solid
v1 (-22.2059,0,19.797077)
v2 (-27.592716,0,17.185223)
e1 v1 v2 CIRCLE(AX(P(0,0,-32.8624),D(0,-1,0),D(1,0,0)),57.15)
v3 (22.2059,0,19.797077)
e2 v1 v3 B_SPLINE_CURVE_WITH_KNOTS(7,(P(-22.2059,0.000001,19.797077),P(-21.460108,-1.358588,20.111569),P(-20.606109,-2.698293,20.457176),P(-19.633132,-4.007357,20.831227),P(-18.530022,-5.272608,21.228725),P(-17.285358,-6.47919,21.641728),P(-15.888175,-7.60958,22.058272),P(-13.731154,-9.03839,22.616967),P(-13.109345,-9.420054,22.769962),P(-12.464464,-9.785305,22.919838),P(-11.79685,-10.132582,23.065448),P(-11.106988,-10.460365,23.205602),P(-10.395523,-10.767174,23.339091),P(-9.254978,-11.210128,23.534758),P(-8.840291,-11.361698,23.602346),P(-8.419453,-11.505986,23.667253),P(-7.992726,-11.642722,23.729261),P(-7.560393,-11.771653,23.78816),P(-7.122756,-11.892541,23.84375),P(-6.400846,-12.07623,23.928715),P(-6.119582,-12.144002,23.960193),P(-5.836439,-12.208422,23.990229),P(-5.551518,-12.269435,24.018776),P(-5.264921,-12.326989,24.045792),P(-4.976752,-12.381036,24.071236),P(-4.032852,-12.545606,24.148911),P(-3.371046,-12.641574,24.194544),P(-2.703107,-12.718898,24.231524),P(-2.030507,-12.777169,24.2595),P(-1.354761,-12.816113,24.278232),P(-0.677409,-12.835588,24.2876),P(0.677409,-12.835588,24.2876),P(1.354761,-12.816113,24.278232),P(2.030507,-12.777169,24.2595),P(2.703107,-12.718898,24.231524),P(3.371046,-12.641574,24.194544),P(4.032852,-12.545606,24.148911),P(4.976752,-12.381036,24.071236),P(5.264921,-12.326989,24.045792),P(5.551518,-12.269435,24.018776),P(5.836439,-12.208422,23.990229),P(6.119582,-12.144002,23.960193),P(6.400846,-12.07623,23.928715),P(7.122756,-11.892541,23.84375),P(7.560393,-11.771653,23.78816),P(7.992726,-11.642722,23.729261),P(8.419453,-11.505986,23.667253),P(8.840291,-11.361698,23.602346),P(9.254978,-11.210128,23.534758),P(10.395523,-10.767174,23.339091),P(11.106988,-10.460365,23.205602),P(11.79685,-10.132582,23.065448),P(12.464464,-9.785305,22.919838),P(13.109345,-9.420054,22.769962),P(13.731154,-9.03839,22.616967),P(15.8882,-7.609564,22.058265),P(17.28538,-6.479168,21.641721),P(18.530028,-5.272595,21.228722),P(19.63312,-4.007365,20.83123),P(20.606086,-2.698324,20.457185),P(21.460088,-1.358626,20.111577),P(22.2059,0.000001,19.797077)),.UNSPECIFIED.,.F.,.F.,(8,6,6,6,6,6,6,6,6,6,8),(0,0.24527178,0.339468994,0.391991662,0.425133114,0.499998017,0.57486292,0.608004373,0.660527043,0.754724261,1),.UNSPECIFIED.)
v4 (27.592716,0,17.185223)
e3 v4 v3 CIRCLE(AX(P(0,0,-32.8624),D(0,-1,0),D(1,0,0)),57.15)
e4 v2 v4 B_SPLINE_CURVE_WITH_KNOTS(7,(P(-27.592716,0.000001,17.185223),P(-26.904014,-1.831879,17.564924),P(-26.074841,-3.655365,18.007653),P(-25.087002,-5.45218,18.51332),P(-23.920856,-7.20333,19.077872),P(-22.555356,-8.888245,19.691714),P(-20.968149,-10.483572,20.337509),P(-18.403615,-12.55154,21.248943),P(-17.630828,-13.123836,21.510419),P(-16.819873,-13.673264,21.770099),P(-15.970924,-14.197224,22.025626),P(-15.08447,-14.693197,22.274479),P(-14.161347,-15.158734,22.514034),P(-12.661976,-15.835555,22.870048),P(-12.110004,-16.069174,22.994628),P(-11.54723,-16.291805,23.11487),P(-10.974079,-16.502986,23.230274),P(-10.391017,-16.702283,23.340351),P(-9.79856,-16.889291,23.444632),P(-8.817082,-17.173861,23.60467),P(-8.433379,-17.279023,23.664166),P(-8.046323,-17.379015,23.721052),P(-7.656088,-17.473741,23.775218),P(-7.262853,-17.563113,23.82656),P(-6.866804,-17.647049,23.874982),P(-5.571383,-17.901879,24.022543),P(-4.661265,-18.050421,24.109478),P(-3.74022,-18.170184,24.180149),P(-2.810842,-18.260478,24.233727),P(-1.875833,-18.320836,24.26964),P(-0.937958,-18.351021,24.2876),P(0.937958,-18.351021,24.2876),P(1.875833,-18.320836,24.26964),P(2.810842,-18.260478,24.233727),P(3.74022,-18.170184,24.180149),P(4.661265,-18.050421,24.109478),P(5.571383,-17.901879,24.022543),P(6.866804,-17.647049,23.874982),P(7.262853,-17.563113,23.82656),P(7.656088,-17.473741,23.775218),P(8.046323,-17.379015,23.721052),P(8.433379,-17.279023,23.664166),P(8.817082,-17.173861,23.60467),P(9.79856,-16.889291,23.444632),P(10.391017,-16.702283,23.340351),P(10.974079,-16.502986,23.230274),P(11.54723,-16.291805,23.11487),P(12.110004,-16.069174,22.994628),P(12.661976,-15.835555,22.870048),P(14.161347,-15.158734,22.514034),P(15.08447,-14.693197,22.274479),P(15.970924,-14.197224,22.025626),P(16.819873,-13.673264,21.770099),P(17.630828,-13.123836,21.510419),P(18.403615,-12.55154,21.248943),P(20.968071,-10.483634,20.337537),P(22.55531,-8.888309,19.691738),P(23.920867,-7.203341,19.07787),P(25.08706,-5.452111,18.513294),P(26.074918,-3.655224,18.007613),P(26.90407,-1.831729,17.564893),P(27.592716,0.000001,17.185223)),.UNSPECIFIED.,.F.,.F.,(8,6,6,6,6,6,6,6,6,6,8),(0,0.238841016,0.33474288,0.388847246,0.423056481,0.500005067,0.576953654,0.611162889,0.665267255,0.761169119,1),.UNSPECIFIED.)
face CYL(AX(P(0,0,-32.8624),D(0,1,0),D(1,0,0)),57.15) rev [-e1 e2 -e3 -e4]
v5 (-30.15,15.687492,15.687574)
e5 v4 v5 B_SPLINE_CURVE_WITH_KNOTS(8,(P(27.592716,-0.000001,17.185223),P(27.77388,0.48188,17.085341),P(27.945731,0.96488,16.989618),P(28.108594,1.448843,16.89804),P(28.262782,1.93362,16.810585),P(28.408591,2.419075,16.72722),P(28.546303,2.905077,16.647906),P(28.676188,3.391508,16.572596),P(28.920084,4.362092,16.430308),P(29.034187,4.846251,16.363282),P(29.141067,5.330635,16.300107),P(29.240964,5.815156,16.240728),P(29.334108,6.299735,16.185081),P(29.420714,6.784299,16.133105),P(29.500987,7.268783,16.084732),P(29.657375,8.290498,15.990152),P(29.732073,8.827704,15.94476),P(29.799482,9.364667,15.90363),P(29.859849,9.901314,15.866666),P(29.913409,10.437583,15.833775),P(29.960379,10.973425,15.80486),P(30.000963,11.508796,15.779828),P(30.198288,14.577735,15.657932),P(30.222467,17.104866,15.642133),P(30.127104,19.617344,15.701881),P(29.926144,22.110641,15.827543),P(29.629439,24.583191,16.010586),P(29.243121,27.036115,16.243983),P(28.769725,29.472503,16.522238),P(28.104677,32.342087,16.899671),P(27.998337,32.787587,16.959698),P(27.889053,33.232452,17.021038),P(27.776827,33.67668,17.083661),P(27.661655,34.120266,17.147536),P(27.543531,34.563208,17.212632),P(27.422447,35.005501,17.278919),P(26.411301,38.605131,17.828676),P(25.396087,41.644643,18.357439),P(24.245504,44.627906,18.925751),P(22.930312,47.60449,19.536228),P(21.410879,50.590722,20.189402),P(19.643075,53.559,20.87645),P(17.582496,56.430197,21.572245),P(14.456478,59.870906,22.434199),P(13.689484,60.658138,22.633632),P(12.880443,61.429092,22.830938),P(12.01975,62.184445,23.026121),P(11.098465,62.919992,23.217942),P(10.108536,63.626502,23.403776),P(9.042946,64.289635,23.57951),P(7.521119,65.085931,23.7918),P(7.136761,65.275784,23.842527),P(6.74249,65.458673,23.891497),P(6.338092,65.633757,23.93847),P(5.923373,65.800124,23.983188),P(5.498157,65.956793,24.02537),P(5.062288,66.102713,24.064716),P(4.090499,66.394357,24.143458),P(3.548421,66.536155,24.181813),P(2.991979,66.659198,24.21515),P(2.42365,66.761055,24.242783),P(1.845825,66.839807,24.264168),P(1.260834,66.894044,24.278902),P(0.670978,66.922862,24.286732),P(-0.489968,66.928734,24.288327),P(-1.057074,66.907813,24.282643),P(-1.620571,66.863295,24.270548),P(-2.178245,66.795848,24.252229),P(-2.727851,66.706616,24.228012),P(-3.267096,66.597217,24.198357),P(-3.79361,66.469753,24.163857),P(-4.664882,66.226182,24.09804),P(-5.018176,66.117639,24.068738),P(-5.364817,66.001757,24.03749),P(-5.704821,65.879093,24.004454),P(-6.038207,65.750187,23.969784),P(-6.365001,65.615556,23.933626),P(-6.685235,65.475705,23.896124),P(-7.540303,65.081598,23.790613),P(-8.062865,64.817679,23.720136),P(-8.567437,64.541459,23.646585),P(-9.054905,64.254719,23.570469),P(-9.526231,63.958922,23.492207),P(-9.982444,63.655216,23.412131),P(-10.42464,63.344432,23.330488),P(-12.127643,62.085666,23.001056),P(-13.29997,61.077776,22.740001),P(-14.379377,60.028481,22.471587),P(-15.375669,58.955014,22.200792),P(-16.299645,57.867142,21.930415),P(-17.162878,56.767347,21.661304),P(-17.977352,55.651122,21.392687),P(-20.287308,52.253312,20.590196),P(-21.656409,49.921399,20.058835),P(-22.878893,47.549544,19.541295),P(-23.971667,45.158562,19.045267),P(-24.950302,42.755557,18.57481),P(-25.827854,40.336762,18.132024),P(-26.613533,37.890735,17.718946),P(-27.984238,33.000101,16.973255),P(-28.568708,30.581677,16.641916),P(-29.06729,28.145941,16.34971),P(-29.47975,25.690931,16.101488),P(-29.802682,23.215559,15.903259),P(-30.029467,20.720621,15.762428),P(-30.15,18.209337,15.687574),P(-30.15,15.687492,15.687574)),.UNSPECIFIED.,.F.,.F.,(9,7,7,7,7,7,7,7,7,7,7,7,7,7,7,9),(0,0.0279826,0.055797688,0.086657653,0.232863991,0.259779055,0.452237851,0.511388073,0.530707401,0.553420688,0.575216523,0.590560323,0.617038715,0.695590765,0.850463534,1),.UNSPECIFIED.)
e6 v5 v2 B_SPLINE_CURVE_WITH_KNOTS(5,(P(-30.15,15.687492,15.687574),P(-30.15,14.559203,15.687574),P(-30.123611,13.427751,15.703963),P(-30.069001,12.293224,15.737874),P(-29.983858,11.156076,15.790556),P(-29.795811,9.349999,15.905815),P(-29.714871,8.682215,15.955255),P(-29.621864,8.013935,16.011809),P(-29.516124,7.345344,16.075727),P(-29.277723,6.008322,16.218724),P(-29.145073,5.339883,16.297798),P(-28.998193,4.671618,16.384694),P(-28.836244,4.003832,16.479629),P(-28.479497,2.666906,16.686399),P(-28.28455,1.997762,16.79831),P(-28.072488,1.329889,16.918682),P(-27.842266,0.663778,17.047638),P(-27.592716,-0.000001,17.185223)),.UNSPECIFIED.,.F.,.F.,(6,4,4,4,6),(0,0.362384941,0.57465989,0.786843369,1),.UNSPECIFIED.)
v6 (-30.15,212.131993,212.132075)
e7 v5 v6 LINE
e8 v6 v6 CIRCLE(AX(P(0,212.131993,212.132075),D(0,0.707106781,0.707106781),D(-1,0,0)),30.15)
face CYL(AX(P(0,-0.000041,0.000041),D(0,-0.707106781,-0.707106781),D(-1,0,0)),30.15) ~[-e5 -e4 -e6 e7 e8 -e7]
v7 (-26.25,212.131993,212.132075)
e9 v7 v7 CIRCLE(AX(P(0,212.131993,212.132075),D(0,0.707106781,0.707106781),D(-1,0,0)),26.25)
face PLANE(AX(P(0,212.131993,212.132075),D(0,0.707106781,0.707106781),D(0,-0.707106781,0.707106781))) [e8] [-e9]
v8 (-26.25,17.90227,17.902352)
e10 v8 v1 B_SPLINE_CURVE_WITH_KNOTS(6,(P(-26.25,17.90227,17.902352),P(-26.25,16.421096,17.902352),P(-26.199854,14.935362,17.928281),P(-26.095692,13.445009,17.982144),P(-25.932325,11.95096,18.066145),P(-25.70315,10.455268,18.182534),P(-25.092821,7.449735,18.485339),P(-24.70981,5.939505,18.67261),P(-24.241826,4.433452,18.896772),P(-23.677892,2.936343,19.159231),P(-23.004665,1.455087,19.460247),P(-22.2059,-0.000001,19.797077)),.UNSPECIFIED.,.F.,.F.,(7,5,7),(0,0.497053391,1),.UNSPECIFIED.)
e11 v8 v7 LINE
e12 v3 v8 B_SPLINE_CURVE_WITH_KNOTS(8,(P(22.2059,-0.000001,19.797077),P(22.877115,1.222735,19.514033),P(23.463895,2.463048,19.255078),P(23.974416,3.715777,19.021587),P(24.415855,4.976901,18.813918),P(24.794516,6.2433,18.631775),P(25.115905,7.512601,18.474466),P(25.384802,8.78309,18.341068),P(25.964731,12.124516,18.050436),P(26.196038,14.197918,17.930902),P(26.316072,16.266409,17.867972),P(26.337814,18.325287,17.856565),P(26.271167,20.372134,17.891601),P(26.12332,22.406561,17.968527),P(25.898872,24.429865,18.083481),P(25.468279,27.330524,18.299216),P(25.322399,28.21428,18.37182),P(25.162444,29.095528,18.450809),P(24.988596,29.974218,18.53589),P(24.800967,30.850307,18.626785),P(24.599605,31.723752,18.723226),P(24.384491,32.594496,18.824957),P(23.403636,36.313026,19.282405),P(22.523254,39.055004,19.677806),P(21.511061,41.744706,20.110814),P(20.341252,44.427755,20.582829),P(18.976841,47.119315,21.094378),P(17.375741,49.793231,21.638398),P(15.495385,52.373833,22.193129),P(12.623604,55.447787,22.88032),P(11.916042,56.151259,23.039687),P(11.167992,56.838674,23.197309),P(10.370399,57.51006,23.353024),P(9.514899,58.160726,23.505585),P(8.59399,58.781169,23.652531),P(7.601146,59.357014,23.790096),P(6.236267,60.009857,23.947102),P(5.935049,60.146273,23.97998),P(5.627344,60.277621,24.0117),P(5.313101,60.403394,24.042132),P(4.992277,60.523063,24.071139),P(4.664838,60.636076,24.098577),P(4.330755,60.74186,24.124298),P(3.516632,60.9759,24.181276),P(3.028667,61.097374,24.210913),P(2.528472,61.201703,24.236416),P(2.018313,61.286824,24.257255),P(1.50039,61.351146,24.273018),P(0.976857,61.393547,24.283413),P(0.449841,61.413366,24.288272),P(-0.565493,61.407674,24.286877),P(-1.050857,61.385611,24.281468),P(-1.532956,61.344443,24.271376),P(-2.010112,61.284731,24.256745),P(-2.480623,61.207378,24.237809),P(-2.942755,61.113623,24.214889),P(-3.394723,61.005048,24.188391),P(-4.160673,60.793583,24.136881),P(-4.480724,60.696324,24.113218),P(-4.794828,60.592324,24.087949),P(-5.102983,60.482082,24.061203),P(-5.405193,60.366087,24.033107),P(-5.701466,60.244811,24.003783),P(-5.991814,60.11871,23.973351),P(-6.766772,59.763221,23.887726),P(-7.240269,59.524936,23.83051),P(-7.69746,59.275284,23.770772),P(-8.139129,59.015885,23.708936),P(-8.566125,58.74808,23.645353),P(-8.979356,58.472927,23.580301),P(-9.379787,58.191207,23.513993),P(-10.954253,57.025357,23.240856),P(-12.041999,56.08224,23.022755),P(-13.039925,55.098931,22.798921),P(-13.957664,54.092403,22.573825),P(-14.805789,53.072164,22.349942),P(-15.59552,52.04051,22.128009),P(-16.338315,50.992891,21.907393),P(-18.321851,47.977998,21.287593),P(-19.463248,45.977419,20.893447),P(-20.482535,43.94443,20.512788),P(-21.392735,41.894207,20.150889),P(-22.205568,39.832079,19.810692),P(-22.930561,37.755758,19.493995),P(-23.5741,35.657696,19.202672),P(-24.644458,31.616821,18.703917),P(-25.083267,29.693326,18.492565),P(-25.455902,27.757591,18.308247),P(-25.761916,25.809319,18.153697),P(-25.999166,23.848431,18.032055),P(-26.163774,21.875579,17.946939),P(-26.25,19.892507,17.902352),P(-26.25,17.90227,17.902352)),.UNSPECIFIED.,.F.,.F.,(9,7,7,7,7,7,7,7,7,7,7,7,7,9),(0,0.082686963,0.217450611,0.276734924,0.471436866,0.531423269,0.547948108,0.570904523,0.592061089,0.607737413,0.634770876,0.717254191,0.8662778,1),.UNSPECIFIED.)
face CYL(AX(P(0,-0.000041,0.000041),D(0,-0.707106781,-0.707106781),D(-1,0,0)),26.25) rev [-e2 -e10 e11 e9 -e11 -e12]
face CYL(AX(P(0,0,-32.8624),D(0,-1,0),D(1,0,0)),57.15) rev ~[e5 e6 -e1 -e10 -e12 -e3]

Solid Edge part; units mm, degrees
sketch "Sketch1" plane through (3.0941, -2.1879, 2.1879) normal (0, 0.7071, 0.7071) x (-1, 0, 0)
  circle A0 centre (3.0941, -3.0941) radius 30.15
  circle A1 centre (3.0941, -3.0941) radius 26.25
extrude "ExtrudedProtrusion_2" add sketch "Sketch1" along normal blind 300
sketch "Sketch2" plane through (0, 0, 0) normal (0, -1, 0) x (1, 0, 0)
  circle A0 centre (0, -32.8624) radius 57.15
extrude "ExtrudedCutout_1" cut sketch "Sketch2" along normal mid plane 300
properties material "Steel"
